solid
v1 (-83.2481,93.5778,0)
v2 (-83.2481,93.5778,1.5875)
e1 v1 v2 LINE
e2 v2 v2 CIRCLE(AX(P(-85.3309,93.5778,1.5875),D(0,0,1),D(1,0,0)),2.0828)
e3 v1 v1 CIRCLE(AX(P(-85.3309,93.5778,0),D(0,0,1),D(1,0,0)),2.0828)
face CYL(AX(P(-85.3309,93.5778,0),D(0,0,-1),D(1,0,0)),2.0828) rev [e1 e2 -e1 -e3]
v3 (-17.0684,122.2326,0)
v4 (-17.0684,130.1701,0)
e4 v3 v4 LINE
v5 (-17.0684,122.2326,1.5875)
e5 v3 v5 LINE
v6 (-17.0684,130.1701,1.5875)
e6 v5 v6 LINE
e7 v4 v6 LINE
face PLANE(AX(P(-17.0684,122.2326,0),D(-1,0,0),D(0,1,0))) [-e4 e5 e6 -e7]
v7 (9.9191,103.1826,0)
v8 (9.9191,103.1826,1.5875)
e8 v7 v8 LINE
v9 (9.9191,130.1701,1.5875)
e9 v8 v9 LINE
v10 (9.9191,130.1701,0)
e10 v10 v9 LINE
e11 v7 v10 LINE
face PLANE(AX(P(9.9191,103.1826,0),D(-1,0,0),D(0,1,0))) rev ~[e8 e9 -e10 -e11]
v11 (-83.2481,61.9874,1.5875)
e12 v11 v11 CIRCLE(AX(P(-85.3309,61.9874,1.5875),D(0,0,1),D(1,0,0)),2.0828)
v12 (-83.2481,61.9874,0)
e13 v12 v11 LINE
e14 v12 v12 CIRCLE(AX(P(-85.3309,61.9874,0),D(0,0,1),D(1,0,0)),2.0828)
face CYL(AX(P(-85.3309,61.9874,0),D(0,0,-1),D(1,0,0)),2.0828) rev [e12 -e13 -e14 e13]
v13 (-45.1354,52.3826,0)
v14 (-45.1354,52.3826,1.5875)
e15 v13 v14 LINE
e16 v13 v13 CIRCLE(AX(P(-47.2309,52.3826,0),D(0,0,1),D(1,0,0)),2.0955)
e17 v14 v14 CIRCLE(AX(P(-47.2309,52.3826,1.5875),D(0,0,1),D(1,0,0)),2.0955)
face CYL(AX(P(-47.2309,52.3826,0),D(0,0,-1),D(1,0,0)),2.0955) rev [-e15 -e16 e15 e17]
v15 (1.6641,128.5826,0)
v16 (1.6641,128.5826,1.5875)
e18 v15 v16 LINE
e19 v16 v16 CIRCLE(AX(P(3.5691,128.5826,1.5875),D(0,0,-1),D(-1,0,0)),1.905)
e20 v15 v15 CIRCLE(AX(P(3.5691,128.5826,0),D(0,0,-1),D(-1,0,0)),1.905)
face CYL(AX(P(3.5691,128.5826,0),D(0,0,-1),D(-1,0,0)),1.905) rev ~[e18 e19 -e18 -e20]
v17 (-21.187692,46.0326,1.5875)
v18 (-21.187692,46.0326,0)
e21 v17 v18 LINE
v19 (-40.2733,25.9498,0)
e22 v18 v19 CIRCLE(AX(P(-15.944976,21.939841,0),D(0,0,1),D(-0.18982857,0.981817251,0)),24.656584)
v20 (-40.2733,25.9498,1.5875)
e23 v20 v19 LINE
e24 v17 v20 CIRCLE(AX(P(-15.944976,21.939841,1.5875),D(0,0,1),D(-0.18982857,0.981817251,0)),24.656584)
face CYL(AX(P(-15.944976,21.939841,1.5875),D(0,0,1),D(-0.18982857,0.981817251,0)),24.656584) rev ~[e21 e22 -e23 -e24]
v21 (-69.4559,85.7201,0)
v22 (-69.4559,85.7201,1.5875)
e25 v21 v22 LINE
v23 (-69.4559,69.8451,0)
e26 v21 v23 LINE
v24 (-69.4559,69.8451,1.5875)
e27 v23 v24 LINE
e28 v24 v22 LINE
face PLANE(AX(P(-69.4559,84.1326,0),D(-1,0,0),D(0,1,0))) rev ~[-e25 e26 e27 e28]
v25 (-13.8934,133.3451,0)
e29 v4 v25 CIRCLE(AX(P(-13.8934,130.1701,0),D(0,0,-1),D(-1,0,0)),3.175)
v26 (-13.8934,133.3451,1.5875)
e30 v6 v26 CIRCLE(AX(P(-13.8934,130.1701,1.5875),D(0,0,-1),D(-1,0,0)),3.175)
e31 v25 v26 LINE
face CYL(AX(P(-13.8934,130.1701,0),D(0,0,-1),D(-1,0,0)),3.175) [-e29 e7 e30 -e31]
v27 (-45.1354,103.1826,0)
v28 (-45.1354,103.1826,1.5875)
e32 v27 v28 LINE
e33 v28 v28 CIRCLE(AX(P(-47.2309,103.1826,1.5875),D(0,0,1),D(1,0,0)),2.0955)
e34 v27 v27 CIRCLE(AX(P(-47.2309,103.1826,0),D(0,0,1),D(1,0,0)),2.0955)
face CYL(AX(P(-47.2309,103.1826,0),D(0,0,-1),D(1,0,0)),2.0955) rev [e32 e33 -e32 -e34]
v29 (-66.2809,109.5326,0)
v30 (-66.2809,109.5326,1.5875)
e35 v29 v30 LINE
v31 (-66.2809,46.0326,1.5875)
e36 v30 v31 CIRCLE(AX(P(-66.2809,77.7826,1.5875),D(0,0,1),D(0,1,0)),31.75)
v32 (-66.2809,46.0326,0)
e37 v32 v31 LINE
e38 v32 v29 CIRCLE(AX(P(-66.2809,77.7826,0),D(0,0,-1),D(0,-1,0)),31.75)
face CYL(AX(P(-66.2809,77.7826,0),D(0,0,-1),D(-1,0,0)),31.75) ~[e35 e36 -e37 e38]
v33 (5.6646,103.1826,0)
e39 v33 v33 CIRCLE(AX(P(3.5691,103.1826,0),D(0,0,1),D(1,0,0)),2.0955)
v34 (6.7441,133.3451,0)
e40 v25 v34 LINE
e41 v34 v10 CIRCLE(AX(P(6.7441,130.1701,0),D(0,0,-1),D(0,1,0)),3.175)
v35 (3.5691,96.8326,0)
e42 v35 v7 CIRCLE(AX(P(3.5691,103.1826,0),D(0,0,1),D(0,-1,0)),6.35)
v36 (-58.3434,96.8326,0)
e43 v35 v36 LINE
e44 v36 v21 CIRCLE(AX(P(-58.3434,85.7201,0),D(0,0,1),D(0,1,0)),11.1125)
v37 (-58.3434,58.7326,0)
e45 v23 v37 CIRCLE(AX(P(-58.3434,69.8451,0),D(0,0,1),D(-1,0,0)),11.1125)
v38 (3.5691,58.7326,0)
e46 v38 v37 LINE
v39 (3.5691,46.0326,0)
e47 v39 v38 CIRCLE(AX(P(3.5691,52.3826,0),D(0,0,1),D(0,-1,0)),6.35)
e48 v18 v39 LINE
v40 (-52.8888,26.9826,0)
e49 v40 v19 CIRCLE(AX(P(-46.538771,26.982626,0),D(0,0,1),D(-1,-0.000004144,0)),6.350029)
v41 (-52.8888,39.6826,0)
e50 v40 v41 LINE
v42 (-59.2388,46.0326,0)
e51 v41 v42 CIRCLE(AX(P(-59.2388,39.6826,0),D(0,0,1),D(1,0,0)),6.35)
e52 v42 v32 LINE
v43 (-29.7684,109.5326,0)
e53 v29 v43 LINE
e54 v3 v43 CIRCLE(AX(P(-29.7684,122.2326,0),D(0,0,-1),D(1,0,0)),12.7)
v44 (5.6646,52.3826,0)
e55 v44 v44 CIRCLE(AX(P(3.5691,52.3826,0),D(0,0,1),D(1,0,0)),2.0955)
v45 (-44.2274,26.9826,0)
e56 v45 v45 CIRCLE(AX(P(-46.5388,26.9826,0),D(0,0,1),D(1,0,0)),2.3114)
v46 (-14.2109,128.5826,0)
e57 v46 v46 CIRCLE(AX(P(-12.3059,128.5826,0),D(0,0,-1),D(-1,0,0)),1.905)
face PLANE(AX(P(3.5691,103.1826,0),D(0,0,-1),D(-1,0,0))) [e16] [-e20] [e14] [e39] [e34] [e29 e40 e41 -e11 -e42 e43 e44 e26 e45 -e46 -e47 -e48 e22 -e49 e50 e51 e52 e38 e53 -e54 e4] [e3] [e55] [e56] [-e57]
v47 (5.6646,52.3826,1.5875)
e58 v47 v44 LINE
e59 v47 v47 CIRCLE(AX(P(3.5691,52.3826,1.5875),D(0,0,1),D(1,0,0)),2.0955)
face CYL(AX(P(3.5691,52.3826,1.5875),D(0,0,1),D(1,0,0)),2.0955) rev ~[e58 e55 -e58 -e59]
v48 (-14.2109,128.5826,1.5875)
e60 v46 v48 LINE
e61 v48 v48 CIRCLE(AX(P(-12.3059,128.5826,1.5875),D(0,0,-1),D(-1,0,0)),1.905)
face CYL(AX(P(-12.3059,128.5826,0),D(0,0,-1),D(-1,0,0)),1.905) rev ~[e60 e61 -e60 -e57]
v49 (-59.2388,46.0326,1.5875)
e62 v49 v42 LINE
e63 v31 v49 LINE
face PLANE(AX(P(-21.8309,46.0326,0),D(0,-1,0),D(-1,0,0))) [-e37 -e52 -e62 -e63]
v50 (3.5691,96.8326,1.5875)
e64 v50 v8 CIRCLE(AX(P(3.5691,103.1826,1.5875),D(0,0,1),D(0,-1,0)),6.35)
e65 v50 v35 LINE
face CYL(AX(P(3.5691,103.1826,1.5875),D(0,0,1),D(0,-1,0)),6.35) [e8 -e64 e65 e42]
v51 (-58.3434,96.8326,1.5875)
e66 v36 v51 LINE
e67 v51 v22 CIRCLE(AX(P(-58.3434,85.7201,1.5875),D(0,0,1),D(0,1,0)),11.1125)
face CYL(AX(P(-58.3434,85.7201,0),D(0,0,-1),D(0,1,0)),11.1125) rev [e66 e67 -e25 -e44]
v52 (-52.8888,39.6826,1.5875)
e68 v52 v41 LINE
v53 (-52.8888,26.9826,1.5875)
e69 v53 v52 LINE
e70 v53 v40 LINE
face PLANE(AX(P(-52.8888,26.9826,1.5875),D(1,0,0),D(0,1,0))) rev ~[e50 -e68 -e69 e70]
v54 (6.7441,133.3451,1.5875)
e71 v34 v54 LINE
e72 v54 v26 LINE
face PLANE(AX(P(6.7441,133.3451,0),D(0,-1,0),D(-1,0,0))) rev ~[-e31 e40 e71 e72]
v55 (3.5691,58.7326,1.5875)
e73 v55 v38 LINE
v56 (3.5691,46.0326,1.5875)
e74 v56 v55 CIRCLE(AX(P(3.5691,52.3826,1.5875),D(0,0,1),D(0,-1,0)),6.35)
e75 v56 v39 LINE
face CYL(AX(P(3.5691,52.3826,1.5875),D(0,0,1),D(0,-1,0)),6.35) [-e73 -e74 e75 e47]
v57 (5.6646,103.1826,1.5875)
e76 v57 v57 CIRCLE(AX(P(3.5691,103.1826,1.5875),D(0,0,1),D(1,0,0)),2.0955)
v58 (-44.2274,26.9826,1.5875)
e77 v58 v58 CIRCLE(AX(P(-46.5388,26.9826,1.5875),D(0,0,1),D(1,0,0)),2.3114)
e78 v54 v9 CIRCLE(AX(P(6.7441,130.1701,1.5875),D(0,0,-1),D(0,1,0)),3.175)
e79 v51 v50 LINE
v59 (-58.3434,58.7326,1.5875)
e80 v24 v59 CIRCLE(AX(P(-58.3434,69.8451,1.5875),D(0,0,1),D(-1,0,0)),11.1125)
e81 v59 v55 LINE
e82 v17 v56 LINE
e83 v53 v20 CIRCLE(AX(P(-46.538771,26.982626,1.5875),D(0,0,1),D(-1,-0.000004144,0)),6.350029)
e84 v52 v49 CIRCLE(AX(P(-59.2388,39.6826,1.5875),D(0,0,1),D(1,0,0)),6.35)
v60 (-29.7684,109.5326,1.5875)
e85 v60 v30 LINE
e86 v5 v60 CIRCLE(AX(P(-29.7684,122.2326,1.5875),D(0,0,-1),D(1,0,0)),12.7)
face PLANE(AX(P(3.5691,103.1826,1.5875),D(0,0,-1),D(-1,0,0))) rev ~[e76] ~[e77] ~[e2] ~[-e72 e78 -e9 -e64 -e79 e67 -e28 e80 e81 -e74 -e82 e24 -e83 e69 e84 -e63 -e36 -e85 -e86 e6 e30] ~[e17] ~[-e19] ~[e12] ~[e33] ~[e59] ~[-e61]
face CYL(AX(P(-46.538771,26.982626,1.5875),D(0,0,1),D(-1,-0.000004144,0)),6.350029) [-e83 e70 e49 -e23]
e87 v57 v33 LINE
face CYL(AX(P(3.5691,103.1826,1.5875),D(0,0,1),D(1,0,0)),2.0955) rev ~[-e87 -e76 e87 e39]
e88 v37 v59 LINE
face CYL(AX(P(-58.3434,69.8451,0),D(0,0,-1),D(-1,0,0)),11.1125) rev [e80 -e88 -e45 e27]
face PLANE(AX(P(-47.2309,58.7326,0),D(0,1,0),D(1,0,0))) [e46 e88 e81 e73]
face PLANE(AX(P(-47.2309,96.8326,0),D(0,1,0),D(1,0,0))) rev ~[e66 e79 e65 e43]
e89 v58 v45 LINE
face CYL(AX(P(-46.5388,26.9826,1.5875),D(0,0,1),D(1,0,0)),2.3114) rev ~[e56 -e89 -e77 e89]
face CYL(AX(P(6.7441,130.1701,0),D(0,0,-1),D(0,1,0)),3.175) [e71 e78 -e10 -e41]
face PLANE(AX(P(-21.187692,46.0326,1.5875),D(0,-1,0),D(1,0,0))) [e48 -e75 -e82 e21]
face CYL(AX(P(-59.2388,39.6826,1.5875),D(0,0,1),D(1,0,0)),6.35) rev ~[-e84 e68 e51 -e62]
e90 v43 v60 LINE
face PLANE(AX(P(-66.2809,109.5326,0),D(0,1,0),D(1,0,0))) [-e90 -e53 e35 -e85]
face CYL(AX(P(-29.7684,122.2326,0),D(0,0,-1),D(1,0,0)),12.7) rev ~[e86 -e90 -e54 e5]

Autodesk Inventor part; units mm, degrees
ref_plane "YZ Plane" through (0, 0, 0) normal (1, 0, 0) x (0, 1, 0)
ref_plane "XZ Plane" through (0, 0, 0) normal (0, 1, 0) x (-1, 0, 0)
ref_plane "XY Plane" through (0, 0, 0) normal (0, 0, 1) x (1, 0, 0)
sketch "Sketch1" plane through (0, 0, 0) normal (0, 0, 1) x (1, 0, 0)
  line L0 (-47.2309, 58.7326) -> (-58.3434, 58.7326)
  line L1 (-69.4559, 84.1326) -> (-69.4559, 69.8451)
  arc A0 (-69.4559, 69.8451) -> (-58.3434, 58.7326) centre (-58.3434, 69.8451) ccw
  line L2 (-69.4559, 69.8451) -> (-69.4559, 86.6091)
  line L3 (-47.2309, 96.8326) -> (-58.3434, 96.8326)
  line L4 (-69.4559, 85.7201) -> (-69.4559, 86.6091)
  arc A1 (-58.3434, 96.8326) -> (-69.4559, 85.7201) centre (-58.3434, 85.7201) ccw
  line L5 (-47.2309, 46.0326) -> (-66.2809, 46.0326)
  line L6 (-98.0309, 77.7826) -> (-98.0309, 77.7826)
  line L7 (-66.2809, 109.5326) -> (-47.2309, 109.5326)
  arc A2 (-66.2809, 109.5326) -> (-98.0309, 77.7826) centre (-66.2809, 77.7826) ccw
  arc A3 (-98.0309, 77.7826) -> (-66.2809, 46.0326) centre (-66.2809, 77.7826) ccw
  circle A4 centre (-47.2309, 103.1826) radius 2.0955
  circle A5 centre (-47.2309, 52.3826) radius 2.0955
  circle A6 centre (-85.3309, 93.5778) radius 2.0828
  circle A7 centre (-85.3309, 61.9874) radius 2.0828
  line L8 (-47.2309, 96.8326) -> (-21.8309, 96.8326)
  line L9 (-15.4809, 103.1826) -> (-15.4809, 103.1826)
  line L10 (-21.8309, 109.5326) -> (-47.2309, 109.5326)
  line L11 (-47.2309, 58.7326) -> (-21.8309, 58.7326)
  line L12 (-15.4809, 52.3826) -> (-15.4809, 52.3826)
  line L13 (-21.8309, 46.0326) -> (-47.2309, 46.0326)
  arc A8 (-15.4809, 52.3826) -> (-21.8309, 58.7326) centre (-21.8309, 52.3826) ccw
  arc A9 (-21.8309, 46.0326) -> (-15.4809, 52.3826) centre (-21.8309, 52.3826) ccw
  arc A10 (-21.8309, 96.8326) -> (-15.4809, 103.1826) centre (-21.8309, 103.1826) ccw
  arc A11 (-15.4809, 103.1826) -> (-21.8309, 109.5326) centre (-21.8309, 103.1826) ccw
  line L14 (-75.7109, 63.3494) -> (-75.7109, 92.2158)
  arc A12 (-76.923, 92.8904) -> (-76.923, 62.6748) centre (-67.5536, 77.7826) ccw
  arc A13 (-75.7109, 92.2158) -> (-76.923, 92.8904) centre (-76.5047, 92.2158) ccw
  arc A14 (-76.923, 62.6748) -> (-75.7109, 63.3494) centre (-76.5047, 63.3494) ccw
  point P0 (-69.4559, 58.7326)
  point P1 (-15.4809, 58.7326)
  point P2 (-75.7109, 93.5778)
  point P3 (-75.7109, 61.9874)
  dimension "d11" = 22.225
  dimension "d12" = 11.1125
  dimension "d13" = 11.1125
  dimension "d14" = 31.75
  dimension "d15" = 31.75
  dimension "d16" = 4.191
  dimension "d17" = 4.191
  dimension "d18" = 4.1656
  dimension "d19" = 4.1656
  dimension "d21" = 6.35
  dimension "d27" = 0.7937
extrude "Extrusion1" add sketch "Sketch1" along normal blind 1.5875 contours L11 A8 A9 L13 L5 A3 A2 L7 L10 A11 A10 L8 L3 A1 L2 L1 A0 L0 | A14 A12 A13 L14
sketch "Sketch2" plane through (-21.8309, 46.0326, 1.5875) normal (0, 0, 1) x (1, 0, 0)
  circle A0 centre (-24.7079, -19.05) radius 2.3114
  arc A1 (-31.0579, -19.05) -> (-18.4424, -20.0828) centre (-24.7079, -19.05) ccw
  line L0 (-31.0579, -19.05) -> (-31.0579, -6.35)
  line L1 (-44.45, 0) -> (0, 0) projected
  arc A2 (-31.0579, -6.35) -> (-37.4079, 0) centre (-37.4079, -6.35) ccw
  arc A3 (0, 0) -> (0, 12.7) centre (0, 6.35) ccw projected
  arc A4 (1.2054, 0.1155) -> (-18.4424, -20.0828) centre (5.886, -24.0929) ccw
  circle A5 centre (25.4, 6.35) radius 2.0955
  line L2 (0, 63.5) -> (-44.45, 63.5) projected
  arc A6 (0, 50.8) -> (0, 63.5) centre (0, 57.15) ccw projected
  arc A7 (25.4, 0) -> (25.4, 12.7) centre (25.4, 6.35) ccw
  line L3 (0, 12.7) -> (25.4, 12.7)
  line L4 (0, 0) -> (25.4, 0)
  circle A8 centre (25.4, 57.15) radius 2.0955
  arc A9 (25.4, 50.8) -> (25.4, 63.5) centre (25.4, 57.15) ccw
  line L5 (25.4, 50.8) -> (0, 50.8)
  line L6 (0, 63.5) -> (25.4, 63.5)
  arc A10 (0, 50.8) -> (0, 63.5) centre (0, 57.15) ccw projected
  point P0 (21.8309, -46.0326)
  point P1 (-31.0579, 0)
  point P2 (0.6434, 0)
  dimension "d22" = 4.6228
  dimension "d24" = 6.35
  dimension "d29" = 4.191
  dimension "d31" = 4.191
  dimension "d32" = 12.7
extrude "Extrusion2" add sketch "Sketch2" against normal blind 1.5875
sketch "Sketch5" plane through (3.5691, 103.1826, 0) normal (0, 0, -1) x (-1, 0, 0)
  line L0 (0, 6.35) -> (69.85, 6.35) projected
  line L1 (12.7, 0) -> (20.6375, 0) construction
  arc A0 (69.85, -57.15) -> (69.85, 6.35) centre (69.85, -25.4) ccw projected
  line L2 (69.85, 6.35) -> (50.8, 6.35)
  line L3 (0, 6.35) -> (0, 6.35)
  circle A1 centre (15.875, 25.4) radius 1.905
  arc A2 (0, 6.35) -> (0, -6.35) centre (0, 0) ccw projected
  line L4 (-6.35, 0) -> (-6.35, 26.9875)
  circle A3 centre (0, 25.4) radius 1.905
  line L5 (-3.175, 30.1625) -> (15.875, 30.1625)
  line L6 (20.6375, 19.05) -> (20.6375, 26.9875)
  line L7 (17.4625, 30.1625) -> (15.875, 30.1625)
  arc A4 (20.6375, 26.9875) -> (17.4625, 30.1625) centre (17.4625, 26.9875) ccw
  arc A5 (-3.175, 30.1625) -> (-6.35, 26.9875) centre (-3.175, 26.9875) ccw
  line L8 (33.3375, 6.35) -> (50.8, 6.35)
  arc A6 (20.6375, 19.05) -> (33.3375, 6.35) centre (33.3375, 19.05) ccw
  point P0 (3.5691, -103.1826)
  point P1 (12.7, 30.1625)
  point P2 (12.7, 6.35)
  point P3 (20.6375, 6.35)
  point P4 (33.3375, 6.35)
  dimension "d33" = 30.1625
  dimension "d37" = 3.81
  dimension "d41" = 3.81
  dimension "d42" = 3.175
  dimension "d43" = 12.7
extrude "Extrusion3" add sketch "Sketch5" against normal blind 1.5875
equation "\"BendRadius\" = Thickness"
equation "\"BendReliefWidth\" = Thickness"
equation "\"BendReliefDepth\" = 0.5 * Thickness"
equation "\"CornerReliefSize\" = 4 * Thickness"
equation "\"MinimumRemnant\" = 2 * Thickness"
equation "\"TransitionRadius\" = BendRadius"
equation "\"JacobiRadiusSize\" = BendRadius"
equation "\"GapSize\" = Thickness"
equation "\"Thickness\" = 1.5875"
properties part number "gusset" material "Acetal Resin, White"
